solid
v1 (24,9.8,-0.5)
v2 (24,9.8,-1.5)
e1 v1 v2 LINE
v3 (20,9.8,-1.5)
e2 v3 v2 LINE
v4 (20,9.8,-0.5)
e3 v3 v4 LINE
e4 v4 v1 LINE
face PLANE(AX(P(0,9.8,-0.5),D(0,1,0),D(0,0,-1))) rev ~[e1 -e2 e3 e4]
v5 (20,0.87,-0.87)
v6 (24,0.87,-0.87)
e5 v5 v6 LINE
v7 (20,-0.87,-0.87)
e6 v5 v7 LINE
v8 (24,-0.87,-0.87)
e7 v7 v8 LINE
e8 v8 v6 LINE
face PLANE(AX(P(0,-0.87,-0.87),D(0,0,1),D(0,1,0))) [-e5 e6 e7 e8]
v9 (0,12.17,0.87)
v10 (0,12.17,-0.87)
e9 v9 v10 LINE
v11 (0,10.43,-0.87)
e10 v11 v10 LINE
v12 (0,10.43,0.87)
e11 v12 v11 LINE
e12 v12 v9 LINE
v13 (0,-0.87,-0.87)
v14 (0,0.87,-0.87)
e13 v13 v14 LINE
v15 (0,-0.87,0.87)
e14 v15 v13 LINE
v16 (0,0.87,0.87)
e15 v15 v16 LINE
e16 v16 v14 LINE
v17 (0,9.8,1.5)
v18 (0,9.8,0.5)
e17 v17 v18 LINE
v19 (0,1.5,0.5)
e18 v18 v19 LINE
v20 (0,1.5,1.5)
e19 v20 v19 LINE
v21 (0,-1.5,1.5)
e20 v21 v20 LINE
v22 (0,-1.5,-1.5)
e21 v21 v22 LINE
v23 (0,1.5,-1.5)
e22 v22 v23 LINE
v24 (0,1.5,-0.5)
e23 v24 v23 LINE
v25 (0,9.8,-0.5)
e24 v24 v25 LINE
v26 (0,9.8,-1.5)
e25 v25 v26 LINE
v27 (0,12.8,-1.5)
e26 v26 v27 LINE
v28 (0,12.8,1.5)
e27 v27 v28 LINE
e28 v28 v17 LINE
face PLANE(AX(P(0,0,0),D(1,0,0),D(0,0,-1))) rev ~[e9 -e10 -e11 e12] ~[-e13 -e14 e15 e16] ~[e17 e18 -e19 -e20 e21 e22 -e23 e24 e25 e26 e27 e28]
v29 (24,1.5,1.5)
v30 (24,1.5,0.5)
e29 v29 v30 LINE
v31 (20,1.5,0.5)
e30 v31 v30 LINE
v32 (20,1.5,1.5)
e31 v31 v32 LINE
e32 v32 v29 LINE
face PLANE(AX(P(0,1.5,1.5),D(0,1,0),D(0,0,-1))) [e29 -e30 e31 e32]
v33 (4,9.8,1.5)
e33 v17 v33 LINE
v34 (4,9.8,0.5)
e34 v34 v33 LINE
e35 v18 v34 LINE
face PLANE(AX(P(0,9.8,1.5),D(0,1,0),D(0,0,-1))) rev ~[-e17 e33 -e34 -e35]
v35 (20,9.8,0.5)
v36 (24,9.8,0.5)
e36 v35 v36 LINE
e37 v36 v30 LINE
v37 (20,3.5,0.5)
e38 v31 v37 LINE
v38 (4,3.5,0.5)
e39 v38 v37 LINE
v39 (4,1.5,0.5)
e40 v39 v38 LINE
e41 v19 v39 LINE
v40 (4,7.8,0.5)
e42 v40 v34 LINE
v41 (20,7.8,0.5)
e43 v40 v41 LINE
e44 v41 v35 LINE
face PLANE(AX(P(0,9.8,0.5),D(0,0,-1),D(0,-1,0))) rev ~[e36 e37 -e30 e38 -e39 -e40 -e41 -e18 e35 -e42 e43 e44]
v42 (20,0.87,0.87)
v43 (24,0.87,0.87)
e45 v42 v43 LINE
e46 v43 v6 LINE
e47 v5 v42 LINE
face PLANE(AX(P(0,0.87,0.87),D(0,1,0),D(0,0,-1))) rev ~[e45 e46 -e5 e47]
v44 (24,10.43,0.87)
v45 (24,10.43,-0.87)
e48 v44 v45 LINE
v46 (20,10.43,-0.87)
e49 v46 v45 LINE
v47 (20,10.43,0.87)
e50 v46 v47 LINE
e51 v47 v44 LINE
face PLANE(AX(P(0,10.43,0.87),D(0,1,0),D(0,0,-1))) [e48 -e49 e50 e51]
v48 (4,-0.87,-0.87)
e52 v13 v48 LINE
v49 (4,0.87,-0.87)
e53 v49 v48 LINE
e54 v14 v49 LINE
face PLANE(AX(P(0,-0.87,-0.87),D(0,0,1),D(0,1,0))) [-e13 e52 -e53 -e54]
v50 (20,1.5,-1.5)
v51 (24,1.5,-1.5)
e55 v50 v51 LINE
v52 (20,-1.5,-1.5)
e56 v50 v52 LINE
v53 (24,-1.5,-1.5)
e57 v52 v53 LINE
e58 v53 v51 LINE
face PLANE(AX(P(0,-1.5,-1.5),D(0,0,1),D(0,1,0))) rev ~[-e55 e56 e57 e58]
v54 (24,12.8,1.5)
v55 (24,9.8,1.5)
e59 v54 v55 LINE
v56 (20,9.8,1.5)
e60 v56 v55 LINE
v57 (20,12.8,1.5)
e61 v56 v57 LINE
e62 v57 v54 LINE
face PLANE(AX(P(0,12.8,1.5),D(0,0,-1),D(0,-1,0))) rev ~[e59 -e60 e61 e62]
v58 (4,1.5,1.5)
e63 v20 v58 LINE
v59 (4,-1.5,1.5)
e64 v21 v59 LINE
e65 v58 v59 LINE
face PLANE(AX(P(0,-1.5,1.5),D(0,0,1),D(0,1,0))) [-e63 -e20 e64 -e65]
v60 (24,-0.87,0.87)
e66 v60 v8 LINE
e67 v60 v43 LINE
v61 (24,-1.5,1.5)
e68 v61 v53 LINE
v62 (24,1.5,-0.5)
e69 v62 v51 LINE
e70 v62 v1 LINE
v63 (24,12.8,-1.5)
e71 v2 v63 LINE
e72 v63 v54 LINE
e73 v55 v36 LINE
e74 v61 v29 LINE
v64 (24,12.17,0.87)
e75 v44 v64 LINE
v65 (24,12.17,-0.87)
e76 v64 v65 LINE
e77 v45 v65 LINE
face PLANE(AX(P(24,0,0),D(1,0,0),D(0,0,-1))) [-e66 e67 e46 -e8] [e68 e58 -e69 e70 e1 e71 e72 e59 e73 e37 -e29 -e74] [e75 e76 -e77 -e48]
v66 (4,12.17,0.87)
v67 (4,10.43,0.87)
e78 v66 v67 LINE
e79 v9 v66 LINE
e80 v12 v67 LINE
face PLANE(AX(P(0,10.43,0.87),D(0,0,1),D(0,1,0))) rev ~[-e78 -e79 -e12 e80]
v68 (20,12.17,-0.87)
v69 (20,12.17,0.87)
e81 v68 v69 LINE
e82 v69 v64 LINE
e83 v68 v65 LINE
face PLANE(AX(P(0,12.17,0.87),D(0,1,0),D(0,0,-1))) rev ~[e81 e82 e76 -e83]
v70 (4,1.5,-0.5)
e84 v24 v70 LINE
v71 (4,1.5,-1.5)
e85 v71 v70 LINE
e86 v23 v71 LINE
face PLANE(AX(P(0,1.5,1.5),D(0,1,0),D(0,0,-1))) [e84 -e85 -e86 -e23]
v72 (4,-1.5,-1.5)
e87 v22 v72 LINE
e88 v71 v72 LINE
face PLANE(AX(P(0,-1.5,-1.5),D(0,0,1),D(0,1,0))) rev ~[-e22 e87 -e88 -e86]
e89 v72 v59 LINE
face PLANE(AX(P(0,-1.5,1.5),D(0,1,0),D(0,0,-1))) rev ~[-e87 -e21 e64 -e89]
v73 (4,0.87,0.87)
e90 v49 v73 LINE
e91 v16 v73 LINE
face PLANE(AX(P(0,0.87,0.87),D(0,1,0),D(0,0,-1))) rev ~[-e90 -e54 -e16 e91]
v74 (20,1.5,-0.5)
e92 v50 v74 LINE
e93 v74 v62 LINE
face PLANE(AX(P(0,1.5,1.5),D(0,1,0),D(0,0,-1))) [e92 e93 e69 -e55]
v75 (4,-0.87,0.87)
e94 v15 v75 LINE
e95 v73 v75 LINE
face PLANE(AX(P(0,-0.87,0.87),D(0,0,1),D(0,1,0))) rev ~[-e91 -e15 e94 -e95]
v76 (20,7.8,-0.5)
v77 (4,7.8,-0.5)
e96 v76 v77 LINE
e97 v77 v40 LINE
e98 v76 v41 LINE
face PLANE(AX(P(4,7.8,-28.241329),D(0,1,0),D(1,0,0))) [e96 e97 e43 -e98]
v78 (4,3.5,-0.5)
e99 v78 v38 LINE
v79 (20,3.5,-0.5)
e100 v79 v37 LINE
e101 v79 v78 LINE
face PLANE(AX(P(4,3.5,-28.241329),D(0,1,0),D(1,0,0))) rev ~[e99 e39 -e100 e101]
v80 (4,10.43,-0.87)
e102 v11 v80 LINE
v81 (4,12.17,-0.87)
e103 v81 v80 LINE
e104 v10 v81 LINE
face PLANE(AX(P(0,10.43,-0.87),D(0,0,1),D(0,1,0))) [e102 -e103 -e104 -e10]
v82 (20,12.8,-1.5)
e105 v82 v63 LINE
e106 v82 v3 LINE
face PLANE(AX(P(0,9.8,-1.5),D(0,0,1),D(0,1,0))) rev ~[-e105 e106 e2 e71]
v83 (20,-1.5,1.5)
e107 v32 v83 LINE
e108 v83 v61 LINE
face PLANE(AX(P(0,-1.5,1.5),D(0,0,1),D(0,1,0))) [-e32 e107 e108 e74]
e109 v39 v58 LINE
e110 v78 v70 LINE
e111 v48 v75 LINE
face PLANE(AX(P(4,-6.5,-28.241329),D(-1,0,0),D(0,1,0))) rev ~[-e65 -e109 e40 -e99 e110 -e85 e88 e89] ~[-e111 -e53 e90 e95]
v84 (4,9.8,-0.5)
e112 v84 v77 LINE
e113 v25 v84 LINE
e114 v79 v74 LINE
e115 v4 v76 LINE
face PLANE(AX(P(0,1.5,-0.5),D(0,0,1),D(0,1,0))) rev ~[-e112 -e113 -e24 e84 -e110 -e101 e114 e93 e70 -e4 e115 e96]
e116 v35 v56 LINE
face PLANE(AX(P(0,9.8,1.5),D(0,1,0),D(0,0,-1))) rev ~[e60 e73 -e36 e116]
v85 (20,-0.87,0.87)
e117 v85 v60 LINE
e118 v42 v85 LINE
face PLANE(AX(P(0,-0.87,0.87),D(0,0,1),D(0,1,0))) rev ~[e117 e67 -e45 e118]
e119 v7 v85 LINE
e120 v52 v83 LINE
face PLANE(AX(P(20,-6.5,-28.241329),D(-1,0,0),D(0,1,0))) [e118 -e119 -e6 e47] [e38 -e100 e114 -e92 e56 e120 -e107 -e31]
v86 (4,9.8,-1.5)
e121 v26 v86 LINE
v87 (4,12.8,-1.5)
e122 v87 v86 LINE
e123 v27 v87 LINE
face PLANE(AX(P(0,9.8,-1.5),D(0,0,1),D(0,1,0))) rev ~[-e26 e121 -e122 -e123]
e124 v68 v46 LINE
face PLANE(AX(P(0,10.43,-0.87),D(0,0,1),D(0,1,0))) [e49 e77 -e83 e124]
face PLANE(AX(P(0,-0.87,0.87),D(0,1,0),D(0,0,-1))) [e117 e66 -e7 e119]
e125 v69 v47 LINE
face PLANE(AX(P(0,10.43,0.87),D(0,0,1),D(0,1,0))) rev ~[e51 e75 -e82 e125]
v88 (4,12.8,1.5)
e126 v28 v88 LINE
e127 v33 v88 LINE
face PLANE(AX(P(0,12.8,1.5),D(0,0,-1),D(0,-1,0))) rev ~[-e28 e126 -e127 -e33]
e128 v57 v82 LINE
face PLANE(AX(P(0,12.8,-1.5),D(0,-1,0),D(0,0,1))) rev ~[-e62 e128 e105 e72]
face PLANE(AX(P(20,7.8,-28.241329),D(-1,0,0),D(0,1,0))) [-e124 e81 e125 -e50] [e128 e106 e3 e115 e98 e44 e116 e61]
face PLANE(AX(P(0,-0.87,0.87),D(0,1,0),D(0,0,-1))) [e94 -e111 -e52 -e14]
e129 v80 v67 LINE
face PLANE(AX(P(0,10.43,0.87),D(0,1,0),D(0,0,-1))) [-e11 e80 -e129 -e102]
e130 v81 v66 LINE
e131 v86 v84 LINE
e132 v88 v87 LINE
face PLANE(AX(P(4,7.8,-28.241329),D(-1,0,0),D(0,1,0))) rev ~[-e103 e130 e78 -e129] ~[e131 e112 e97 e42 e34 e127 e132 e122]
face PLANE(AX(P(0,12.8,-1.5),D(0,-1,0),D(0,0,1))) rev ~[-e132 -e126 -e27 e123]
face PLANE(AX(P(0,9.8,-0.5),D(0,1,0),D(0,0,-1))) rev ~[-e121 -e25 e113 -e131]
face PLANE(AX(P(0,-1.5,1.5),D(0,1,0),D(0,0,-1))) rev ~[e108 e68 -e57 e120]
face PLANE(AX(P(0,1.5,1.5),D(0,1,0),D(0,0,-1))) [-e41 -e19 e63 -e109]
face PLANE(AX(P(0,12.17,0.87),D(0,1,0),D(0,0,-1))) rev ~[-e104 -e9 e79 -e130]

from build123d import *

# Parameters (mm, degrees)
SKETCH_1_W               = 1.74
SKETCH_1_H               = 1.74
SKETCH_1_W_2             = 3
SKETCH_1_H_2             = 3
EXTRUDE_1_DEPTH          = 24
CUT_EXTRUDE_1_DEPTH      = 28.241328896
CUT_EXTRUDE_1_DEPTH_BACK = 28.241328896
SKETCH_2_W               = 16
SKETCH_2_H               = 10


with BuildPart() as part:
    # 草图1 → 凸台-拉伸1 (new body)
    # profile 1 of 2: a face of its own
    with BuildSketch(Plane(origin=(0, 0, 0), x_dir=(0, 0, -1), z_dir=(1, 0, 0))):
        Polygon((0.5, 1.5), (0.5, 9.8), (1.5, 9.8), (1.5, 12.8), (-1.5, 12.8), (-1.5, 9.8), (-0.5, 9.8), (-0.5, 1.5), align=None)
        with Locations((0, 11.3)):
            Rectangle(SKETCH_1_W, SKETCH_1_H, mode=Mode.SUBTRACT)
    # profile 2 of 2: a face of its own
    with BuildSketch(Plane(origin=(0, 0, 0), x_dir=(0, 0, -1), z_dir=(1, 0, 0))):
        Rectangle(SKETCH_1_W_2, SKETCH_1_H_2)
        Rectangle(SKETCH_1_W, SKETCH_1_H, mode=Mode.SUBTRACT)
    extrude(amount=EXTRUDE_1_DEPTH)

    # 草图2 → 切除-拉伸1 (cut, two sides: drawn at the far end of the back side and taken through both)
    with BuildSketch(Plane.XY.offset(-CUT_EXTRUDE_1_DEPTH_BACK)):
        with Locations((12, 12.8)):
            Rectangle(SKETCH_2_W, SKETCH_2_H)
        with Locations((12, -1.5)):
            Rectangle(SKETCH_2_W, SKETCH_2_H)
    extrude(amount=CUT_EXTRUDE_1_DEPTH + CUT_EXTRUDE_1_DEPTH_BACK, mode=Mode.SUBTRACT)


solid = part.part
